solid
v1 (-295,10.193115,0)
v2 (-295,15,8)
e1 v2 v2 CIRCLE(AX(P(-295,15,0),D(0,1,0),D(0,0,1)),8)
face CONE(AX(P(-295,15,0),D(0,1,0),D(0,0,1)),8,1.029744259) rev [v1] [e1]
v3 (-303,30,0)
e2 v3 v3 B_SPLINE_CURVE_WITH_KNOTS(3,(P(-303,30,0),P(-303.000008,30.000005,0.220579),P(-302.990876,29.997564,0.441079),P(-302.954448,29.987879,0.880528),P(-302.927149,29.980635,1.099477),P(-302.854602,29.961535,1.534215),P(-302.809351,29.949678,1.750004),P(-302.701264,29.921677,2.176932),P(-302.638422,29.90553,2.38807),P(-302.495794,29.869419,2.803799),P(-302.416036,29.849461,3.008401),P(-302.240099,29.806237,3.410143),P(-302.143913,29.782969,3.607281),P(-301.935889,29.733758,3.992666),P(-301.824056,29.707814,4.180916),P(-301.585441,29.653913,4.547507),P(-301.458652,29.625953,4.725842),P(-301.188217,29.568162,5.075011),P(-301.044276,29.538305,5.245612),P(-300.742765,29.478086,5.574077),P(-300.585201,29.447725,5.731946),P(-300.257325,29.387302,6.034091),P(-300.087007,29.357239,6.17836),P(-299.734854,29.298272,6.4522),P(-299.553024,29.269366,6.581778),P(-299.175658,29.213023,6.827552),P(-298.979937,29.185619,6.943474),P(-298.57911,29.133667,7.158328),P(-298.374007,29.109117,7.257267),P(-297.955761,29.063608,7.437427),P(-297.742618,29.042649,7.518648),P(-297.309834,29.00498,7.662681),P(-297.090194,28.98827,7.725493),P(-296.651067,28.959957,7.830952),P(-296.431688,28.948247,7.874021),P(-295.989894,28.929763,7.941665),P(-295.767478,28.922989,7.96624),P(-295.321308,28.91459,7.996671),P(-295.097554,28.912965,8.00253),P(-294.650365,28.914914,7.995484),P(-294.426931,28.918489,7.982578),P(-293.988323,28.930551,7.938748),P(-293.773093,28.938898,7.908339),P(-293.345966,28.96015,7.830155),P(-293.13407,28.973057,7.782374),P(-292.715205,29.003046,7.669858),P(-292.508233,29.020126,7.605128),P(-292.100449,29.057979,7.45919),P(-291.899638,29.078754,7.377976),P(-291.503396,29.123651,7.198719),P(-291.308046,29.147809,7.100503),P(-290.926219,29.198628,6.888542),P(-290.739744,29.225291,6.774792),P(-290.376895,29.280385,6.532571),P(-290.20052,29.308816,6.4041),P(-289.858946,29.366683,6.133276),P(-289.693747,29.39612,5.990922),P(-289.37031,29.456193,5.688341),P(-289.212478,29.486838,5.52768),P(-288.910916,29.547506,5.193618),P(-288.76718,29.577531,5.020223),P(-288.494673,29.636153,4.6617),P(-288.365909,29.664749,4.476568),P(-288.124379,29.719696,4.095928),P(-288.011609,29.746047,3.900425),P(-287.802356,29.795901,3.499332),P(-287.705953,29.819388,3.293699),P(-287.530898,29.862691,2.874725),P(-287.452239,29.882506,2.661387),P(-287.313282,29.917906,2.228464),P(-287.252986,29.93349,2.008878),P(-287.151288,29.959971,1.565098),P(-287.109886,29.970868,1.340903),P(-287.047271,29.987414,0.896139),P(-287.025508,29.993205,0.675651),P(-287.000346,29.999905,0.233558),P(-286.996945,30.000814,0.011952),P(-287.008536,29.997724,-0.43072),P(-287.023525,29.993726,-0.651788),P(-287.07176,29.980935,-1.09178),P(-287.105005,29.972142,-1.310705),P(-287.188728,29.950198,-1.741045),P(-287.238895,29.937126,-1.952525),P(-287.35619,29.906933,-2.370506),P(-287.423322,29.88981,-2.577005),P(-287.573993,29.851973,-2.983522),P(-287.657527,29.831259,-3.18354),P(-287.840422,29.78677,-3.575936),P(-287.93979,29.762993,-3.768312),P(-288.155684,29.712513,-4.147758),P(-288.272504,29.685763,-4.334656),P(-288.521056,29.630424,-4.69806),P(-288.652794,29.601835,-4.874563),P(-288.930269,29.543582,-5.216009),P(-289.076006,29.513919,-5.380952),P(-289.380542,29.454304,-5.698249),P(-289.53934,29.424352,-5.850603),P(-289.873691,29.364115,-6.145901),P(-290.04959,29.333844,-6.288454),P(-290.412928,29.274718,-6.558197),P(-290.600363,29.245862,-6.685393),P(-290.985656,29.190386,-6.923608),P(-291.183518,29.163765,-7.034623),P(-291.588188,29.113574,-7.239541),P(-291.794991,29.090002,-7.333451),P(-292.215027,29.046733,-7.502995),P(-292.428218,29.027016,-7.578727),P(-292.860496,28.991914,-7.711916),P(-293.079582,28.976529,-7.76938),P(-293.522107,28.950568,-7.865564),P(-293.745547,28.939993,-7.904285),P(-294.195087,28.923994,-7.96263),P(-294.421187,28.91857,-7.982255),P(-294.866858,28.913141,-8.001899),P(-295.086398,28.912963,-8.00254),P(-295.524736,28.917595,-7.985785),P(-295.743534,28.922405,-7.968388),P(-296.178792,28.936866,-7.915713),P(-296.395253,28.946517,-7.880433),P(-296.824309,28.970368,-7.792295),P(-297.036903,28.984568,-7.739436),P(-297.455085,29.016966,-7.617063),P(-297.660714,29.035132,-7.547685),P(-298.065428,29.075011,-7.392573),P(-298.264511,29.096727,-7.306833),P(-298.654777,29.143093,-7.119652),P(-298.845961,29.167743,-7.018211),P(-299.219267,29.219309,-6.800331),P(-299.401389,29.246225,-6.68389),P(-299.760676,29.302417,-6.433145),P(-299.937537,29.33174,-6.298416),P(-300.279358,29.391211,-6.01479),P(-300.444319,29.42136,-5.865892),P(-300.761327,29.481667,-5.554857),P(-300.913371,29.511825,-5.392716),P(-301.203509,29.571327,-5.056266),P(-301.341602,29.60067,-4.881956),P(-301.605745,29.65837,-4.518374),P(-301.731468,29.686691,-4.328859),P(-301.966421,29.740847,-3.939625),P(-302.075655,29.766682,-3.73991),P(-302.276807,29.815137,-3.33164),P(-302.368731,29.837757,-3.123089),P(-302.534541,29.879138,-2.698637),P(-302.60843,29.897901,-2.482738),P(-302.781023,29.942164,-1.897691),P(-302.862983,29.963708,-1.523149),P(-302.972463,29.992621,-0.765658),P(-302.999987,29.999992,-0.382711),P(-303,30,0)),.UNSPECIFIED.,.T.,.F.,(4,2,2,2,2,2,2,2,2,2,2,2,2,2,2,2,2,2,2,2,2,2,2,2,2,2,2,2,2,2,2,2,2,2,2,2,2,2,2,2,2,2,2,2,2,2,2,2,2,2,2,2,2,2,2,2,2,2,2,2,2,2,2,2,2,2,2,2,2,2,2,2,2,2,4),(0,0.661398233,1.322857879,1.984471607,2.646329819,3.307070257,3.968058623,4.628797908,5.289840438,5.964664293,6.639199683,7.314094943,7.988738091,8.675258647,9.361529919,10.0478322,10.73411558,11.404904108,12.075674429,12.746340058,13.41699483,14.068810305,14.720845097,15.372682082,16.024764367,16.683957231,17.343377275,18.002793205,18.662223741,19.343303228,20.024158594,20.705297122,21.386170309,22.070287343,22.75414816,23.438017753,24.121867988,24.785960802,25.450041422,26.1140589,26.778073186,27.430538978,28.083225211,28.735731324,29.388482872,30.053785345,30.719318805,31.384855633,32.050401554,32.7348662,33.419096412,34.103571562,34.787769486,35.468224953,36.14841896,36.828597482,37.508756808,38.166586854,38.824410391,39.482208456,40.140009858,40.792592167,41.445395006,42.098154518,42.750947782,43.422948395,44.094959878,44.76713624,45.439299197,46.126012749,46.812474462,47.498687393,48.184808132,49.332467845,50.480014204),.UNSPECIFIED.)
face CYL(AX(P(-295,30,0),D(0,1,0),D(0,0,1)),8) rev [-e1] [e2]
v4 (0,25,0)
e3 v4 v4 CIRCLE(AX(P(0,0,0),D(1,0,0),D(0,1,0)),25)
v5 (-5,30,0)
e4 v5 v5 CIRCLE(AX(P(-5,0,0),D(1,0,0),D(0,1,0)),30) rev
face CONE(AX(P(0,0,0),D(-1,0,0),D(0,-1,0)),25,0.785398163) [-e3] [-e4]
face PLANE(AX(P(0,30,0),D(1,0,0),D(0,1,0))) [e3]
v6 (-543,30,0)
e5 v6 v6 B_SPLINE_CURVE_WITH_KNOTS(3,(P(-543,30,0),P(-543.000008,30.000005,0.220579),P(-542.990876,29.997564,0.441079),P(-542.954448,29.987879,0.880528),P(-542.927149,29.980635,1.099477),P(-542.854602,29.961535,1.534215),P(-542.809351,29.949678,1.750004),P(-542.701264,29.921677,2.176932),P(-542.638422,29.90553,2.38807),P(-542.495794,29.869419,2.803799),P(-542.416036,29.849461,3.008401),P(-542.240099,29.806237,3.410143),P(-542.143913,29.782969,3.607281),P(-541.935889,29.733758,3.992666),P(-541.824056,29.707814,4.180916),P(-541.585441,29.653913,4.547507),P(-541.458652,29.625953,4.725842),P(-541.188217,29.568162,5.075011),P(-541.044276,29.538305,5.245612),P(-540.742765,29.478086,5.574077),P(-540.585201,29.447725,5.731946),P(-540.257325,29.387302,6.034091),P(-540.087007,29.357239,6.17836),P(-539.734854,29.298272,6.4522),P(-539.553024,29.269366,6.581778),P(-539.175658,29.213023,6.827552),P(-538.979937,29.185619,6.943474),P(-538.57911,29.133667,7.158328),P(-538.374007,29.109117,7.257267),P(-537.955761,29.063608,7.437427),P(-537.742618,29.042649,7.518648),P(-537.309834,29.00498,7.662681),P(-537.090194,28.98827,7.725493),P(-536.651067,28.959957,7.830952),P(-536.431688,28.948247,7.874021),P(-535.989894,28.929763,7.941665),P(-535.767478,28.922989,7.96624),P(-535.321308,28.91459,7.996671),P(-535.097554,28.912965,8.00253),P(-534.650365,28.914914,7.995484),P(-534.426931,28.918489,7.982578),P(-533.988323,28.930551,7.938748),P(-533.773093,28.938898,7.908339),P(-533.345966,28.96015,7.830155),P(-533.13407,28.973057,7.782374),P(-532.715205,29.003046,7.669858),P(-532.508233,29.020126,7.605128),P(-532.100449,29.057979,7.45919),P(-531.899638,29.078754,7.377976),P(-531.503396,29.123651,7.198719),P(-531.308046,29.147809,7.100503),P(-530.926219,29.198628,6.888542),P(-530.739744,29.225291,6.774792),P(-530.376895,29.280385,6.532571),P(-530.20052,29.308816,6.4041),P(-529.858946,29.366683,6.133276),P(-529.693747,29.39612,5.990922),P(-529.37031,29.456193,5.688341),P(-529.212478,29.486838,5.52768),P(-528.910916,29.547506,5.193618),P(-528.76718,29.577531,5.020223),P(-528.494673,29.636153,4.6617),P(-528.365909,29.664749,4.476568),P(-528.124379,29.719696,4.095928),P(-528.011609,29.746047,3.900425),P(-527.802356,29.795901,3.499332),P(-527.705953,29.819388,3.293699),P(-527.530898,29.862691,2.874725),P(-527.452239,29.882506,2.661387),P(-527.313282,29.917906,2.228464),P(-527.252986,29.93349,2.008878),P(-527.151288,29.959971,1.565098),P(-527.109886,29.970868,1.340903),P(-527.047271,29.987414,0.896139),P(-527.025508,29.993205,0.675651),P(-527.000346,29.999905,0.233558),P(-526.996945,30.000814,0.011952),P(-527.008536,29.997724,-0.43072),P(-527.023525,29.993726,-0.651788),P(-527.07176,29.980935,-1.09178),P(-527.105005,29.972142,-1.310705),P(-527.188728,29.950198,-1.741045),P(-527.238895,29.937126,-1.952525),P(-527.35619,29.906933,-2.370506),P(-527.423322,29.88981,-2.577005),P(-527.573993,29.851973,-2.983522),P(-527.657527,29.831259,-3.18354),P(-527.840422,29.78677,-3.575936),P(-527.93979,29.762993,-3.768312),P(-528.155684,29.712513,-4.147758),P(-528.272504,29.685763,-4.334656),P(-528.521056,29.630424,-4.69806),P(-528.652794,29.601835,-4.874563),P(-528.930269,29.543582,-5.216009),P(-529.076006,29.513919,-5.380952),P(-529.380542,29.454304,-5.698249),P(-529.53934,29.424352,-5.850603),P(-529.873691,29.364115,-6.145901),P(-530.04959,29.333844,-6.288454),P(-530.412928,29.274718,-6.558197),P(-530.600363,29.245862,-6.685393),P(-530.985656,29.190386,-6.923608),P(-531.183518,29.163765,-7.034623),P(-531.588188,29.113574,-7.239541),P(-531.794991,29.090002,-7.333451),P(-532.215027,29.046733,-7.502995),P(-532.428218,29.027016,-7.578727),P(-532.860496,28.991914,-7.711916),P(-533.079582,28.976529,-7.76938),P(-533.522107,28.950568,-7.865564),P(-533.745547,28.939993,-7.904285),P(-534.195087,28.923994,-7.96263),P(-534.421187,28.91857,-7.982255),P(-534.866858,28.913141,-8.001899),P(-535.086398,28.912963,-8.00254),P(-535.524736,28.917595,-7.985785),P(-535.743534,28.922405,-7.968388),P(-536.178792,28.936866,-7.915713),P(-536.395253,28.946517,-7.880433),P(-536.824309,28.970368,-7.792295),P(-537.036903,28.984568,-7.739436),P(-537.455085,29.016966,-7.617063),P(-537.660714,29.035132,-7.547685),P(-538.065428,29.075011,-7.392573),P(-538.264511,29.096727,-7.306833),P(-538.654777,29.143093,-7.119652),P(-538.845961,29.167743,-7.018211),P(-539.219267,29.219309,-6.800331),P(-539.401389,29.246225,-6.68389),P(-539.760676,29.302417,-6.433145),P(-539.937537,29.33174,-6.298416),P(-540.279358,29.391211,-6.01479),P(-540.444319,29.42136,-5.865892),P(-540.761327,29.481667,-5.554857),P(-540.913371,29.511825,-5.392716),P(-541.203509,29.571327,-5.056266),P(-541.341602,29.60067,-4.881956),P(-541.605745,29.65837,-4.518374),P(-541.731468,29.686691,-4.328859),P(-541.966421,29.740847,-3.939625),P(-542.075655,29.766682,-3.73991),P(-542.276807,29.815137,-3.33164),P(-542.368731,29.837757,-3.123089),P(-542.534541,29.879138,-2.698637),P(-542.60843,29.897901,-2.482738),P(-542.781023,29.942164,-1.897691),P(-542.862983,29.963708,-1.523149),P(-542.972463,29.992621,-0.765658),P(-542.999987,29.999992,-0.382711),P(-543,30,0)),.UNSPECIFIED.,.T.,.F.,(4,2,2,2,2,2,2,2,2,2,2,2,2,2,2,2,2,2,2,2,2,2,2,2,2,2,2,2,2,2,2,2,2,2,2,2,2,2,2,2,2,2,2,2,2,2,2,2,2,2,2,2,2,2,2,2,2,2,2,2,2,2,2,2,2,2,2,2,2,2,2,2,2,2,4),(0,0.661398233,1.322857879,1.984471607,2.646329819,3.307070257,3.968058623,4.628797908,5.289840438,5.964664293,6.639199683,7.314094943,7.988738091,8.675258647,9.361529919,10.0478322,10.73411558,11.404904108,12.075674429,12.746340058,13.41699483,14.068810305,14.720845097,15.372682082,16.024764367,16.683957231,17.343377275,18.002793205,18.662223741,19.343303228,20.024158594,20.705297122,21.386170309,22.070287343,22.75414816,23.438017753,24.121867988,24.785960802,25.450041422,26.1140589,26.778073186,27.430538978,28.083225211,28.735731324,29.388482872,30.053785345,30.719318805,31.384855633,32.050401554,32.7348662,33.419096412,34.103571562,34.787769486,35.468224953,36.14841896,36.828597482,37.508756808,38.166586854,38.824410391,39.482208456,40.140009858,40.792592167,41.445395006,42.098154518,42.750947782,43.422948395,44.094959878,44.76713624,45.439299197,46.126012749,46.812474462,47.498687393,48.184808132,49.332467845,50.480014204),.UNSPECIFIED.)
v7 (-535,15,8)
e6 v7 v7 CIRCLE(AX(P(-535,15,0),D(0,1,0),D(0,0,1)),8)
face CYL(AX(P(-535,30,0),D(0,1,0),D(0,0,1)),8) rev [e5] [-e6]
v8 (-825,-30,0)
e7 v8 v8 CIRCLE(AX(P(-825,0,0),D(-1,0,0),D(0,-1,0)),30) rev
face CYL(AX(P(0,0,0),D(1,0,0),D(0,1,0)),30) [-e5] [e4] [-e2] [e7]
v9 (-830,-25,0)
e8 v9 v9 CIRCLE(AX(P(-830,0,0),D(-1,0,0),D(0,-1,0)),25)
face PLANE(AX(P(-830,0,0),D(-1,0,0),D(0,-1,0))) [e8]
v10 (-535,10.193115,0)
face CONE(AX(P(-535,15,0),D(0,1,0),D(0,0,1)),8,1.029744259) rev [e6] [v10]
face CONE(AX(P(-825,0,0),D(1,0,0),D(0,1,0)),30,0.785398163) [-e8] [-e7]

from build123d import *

# Parameters (mm, degrees)
SKETCH_1_W                  = 830
SKETCH_1_H                  = 30
CHAMFER_1_SIZE              = 5
HOLE_WIZARD_16_0_16_1_D     = 16
HOLE_WIZARD_16_0_16_1_DEPTH = 15
HOLE_WIZARD_16_0_16_1_TIP   = 4.806884952


with BuildPart() as part:
    # 草图1 → 旋转1 (revolve)
    with BuildSketch(Plane.XY):
        with Locations((-415, 15)):
            Rectangle(SKETCH_1_W, SKETCH_1_H)
    revolve(axis=Axis((0, 0, 0), (-1, 0, 0)))

    # 倒角1
    chamfer_1_edges = [part.edges().sort_by_distance(p)[0] for p in [
        (0, -30, 0),
        (-830, -30, 0),
    ]]
    chamfer(chamfer_1_edges, length=CHAMFER_1_SIZE)

    # Ø16.0 (16) 直径孔1
    with Locations(Plane(origin=(0, 30, 0), x_dir=(1, 0, 0), z_dir=(0, 1, 0))):
        with Locations((-535, 0), (-295, 0)):
            Hole(HOLE_WIZARD_16_0_16_1_D / 2, depth=HOLE_WIZARD_16_0_16_1_DEPTH)
            with Locations((0, 0, -(HOLE_WIZARD_16_0_16_1_DEPTH + HOLE_WIZARD_16_0_16_1_TIP / 2))):  # 118° drill point
                Cone(0, HOLE_WIZARD_16_0_16_1_D / 2, HOLE_WIZARD_16_0_16_1_TIP, mode=Mode.SUBTRACT)


solid = part.part
